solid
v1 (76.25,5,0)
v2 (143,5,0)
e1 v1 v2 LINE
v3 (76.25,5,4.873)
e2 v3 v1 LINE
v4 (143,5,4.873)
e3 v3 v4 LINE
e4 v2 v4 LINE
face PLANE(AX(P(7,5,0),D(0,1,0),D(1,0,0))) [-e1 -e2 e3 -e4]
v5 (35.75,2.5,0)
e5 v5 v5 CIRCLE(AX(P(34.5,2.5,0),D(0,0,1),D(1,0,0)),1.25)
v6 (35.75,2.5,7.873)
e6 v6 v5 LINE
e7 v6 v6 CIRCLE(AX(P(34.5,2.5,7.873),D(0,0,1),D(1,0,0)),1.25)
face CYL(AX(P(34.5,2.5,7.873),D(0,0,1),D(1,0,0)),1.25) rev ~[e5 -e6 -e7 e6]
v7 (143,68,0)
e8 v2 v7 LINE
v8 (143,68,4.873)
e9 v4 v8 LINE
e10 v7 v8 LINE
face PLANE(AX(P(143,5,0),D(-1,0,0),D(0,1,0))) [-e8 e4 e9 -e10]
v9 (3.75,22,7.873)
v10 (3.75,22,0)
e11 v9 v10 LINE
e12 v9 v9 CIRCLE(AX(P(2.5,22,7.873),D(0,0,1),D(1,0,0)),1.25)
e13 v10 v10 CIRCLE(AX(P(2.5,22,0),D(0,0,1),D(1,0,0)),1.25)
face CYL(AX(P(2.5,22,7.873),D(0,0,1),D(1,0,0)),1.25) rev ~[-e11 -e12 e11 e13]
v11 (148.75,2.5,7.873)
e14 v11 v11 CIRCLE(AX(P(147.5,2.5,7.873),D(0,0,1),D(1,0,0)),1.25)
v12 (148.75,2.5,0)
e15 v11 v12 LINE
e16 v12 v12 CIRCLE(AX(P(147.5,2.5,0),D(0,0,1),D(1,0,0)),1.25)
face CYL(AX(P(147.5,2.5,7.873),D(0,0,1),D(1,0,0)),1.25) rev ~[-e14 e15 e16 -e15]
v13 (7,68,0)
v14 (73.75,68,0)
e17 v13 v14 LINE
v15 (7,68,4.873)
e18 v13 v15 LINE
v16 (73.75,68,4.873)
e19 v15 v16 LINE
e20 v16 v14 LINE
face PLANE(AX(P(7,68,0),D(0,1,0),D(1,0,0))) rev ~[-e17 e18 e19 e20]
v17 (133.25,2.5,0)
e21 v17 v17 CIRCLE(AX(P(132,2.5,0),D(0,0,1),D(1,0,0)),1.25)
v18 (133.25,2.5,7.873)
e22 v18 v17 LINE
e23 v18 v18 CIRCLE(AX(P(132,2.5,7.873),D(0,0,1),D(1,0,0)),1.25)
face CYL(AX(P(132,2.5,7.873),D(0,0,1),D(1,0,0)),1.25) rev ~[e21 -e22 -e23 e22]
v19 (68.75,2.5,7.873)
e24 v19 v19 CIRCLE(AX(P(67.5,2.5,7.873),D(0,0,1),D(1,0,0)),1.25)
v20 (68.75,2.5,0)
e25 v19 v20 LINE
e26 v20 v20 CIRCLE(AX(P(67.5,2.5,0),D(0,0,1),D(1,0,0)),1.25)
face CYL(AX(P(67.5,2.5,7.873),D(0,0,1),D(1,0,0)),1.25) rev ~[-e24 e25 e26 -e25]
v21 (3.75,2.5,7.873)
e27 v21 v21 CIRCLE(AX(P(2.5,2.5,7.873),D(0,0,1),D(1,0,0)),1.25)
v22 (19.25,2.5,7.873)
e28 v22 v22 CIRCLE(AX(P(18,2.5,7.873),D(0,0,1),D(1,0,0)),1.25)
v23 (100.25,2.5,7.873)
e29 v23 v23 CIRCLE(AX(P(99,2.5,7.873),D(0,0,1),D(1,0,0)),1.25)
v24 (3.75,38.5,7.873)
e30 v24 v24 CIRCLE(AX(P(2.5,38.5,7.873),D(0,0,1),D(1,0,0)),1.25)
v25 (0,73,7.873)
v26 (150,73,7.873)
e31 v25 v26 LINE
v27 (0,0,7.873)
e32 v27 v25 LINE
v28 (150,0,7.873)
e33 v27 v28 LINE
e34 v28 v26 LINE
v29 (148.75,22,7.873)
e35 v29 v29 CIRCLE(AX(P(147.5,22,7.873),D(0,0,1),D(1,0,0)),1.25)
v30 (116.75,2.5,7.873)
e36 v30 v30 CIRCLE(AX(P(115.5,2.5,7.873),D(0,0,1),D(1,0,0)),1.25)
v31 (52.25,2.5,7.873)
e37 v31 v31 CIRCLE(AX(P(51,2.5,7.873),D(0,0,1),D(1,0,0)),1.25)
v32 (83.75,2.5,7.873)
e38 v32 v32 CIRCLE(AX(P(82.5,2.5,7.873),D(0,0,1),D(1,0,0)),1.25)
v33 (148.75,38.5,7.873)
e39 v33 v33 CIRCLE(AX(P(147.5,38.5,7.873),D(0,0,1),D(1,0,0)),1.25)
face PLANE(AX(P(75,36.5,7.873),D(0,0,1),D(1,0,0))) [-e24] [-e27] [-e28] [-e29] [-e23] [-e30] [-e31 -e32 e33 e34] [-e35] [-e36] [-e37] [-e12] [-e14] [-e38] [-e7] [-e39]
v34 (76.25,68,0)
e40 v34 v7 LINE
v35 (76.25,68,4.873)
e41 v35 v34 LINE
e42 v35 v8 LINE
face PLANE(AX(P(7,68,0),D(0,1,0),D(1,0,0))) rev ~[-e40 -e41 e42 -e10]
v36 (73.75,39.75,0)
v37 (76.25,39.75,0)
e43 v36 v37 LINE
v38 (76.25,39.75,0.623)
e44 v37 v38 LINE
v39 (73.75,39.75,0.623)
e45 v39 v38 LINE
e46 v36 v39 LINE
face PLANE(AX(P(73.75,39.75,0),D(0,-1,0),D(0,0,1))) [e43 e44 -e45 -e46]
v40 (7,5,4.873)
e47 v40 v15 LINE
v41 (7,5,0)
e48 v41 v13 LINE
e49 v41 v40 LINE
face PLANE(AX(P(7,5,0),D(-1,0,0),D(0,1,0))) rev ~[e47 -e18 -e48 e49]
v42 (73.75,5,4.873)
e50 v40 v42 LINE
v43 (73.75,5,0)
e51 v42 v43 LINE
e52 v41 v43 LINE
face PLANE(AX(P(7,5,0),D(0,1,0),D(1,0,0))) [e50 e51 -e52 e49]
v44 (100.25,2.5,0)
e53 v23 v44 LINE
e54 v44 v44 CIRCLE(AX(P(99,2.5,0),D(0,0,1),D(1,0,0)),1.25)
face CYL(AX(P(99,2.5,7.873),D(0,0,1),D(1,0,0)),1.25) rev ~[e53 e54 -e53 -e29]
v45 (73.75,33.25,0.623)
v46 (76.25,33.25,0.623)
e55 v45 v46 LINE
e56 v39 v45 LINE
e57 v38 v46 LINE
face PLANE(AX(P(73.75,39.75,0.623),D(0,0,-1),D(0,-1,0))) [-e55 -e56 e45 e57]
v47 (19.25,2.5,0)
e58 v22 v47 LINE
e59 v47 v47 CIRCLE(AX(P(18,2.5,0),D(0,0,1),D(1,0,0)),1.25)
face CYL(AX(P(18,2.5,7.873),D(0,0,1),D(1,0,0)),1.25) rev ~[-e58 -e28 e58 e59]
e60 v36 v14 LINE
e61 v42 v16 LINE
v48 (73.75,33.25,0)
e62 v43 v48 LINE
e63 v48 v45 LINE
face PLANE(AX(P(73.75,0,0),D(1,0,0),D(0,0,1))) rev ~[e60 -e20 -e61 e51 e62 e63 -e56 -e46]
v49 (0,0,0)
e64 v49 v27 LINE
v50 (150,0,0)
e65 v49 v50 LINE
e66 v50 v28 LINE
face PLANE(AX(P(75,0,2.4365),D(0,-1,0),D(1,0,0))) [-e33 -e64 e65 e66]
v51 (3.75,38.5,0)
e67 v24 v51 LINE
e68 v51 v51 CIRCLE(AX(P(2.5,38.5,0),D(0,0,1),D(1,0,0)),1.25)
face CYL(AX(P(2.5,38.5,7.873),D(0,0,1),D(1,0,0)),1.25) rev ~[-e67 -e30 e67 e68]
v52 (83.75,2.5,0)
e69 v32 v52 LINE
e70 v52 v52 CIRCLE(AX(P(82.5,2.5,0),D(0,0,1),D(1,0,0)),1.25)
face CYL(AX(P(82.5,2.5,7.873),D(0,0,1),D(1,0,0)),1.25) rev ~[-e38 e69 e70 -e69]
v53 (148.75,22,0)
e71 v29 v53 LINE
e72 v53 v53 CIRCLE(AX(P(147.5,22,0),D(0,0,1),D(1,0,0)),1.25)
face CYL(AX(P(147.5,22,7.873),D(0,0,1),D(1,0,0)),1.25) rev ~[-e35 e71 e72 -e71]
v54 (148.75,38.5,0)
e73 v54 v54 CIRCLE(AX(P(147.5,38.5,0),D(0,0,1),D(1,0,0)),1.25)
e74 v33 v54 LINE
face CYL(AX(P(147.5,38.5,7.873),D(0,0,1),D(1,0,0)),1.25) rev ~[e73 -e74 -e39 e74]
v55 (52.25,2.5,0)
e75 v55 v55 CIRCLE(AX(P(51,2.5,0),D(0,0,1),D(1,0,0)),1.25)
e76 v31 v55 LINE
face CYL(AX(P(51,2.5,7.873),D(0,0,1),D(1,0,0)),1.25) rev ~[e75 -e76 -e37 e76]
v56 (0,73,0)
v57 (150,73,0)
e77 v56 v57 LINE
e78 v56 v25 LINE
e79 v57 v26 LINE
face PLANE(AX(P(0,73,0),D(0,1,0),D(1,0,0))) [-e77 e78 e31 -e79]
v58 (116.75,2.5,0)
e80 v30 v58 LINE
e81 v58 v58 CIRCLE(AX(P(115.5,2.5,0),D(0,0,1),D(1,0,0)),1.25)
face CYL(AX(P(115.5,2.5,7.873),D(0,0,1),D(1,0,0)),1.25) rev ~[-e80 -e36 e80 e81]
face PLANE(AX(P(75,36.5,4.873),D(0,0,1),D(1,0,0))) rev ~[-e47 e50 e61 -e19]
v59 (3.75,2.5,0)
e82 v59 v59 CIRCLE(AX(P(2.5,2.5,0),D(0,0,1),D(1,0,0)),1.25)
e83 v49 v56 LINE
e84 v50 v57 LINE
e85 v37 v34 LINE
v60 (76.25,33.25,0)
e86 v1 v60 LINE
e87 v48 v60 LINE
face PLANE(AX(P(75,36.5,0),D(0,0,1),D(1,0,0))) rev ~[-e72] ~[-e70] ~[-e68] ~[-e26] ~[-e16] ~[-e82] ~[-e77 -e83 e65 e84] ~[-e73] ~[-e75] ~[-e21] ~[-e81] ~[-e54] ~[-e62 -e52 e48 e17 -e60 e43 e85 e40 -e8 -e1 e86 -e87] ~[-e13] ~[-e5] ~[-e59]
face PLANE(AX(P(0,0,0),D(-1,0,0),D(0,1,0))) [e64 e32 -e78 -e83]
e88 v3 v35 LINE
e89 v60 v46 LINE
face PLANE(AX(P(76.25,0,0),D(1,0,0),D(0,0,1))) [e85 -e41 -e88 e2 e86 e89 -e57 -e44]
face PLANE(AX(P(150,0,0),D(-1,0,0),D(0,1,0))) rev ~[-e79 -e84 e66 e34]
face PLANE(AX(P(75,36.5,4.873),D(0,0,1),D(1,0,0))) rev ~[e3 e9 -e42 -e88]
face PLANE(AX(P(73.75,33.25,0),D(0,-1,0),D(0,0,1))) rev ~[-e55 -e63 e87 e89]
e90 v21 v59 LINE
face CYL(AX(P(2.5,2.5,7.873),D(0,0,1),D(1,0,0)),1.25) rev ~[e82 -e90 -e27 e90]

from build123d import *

# Parameters (mm, degrees)
F0_W      = 150
F0_H      = 73
F1_DEPTH  = 7.873
F2_W      = 136
F2_H      = 63
F3_DEPTH  = 4.873
F4_W      = 2.5
F4_H      = 4.873
F5_DEPTH  = 73
F6_W      = 6.5
F6_H      = 0.623
F7_DEPTH  = 2.5
F8_R      = 1.25
F9_DEPTH  = 7.873
F10_R     = 1.25
F11_DEPTH = 7.873
F12_R     = 1.25
F13_DEPTH = 7.873
F14_R     = 1.25
F15_DEPTH = 7.873
F16_R     = 1.25
F17_DEPTH = 7.873
F18_R     = 1.25
F19_DEPTH = 7.873
F20_R     = 1.25
F21_DEPTH = 7.873
F22_R     = 1.25
F23_DEPTH = 7.873
F24_R     = 1.25
F25_DEPTH = 7.873
F26_R     = 1.25
F27_DEPTH = 7.873
F28_R     = 1.25
F29_DEPTH = 7.873
F30_R     = 1.25
F31_DEPTH = 7.873
F32_R     = 1.25
F33_DEPTH = 7.873
F34_R     = 1.25
F35_DEPTH = 7.873


with BuildPart() as f1:
    # F0 (on Top) → F1 (new body)
    with BuildSketch(Plane.XY):
        with Locations((75, 36.5)):
            Rectangle(F0_W, F0_H)
    extrude(amount=F1_DEPTH)

    # F2 (on Top) → F3 (cut)
    with BuildSketch(Plane.XY):
        with Locations((75, 36.5)):
            Rectangle(F2_W, F2_H)
    extrude(amount=F3_DEPTH, mode=Mode.SUBTRACT)

    # F4 (on Front) → F5 (join)
    with BuildSketch(Plane.XZ):
        with Locations((75, 2.4365)):
            Rectangle(F4_W, F4_H)
    extrude(amount=-F5_DEPTH)

    # F6 (on face) → F7 (cut)
    with BuildSketch(Plane(origin=(73.75, 0, 0), x_dir=(0, -1, 0), z_dir=(-1, 0, 0))):
        with Locations((-36.5, 0.3115)):
            Rectangle(F6_W, F6_H)
    extrude(amount=-F7_DEPTH, mode=Mode.SUBTRACT)

    # F8 (on face) → F9 (cut)
    with BuildSketch(Plane.XY.offset(7.873)):
        with Locations((2.5, 2.5)):
            Circle(F8_R)
    extrude(amount=-F9_DEPTH, mode=Mode.SUBTRACT)

    # F10 (on face) → F11 (cut)
    with BuildSketch(Plane.XY.offset(7.873)):
        with Locations((18, 2.5)):
            Circle(F10_R)
    extrude(amount=-F11_DEPTH, mode=Mode.SUBTRACT)

    # F12 (on face) → F13 (cut)
    with BuildSketch(Plane.XY.offset(7.873)):
        with Locations((34.5, 2.5)):
            Circle(F12_R)
    extrude(amount=-F13_DEPTH, mode=Mode.SUBTRACT)

    # F14 (on face) → F15 (cut)
    with BuildSketch(Plane.XY.offset(7.873)):
        with Locations((51, 2.5)):
            Circle(F14_R)
    extrude(amount=-F15_DEPTH, mode=Mode.SUBTRACT)

    # F16 (on face) → F17 (cut)
    with BuildSketch(Plane.XY.offset(7.873)):
        with Locations((67.5, 2.5)):
            Circle(F16_R)
    extrude(amount=-F17_DEPTH, mode=Mode.SUBTRACT)

    # F18 (on face) → F19 (cut)
    with BuildSketch(Plane.XY.offset(7.873)):
        with Locations((82.5, 2.5)):
            Circle(F18_R)
    extrude(amount=-F19_DEPTH, mode=Mode.SUBTRACT)

    # F20 (on face) → F21 (cut)
    with BuildSketch(Plane.XY.offset(7.873)):
        with Locations((99, 2.5)):
            Circle(F20_R)
    extrude(amount=-F21_DEPTH, mode=Mode.SUBTRACT)

    # F22 (on face) → F23 (cut)
    with BuildSketch(Plane.XY.offset(7.873)):
        with Locations((115.5, 2.5)):
            Circle(F22_R)
    extrude(amount=-F23_DEPTH, mode=Mode.SUBTRACT)

    # F24 (on face) → F25 (cut)
    with BuildSketch(Plane.XY.offset(7.873)):
        with Locations((132, 2.5)):
            Circle(F24_R)
    extrude(amount=-F25_DEPTH, mode=Mode.SUBTRACT)

    # F26 (on face) → F27 (cut)
    with BuildSketch(Plane.XY.offset(7.873)):
        with Locations((147.5, 2.5)):
            Circle(F26_R)
    extrude(amount=-F27_DEPTH, mode=Mode.SUBTRACT)

    # F28 (on face) → F29 (cut)
    with BuildSketch(Plane.XY.offset(7.873)):
        with Locations((2.5, 22)):
            Circle(F28_R)
    extrude(amount=-F29_DEPTH, mode=Mode.SUBTRACT)

    # F30 (on face) → F31 (cut)
    with BuildSketch(Plane.XY.offset(7.873)):
        with Locations((147.5, 22)):
            Circle(F30_R)
    extrude(amount=-F31_DEPTH, mode=Mode.SUBTRACT)

    # F32 (on face) → F33 (cut)
    with BuildSketch(Plane.XY.offset(7.873)):
        with Locations((147.5, 38.5)):
            Circle(F32_R)
    extrude(amount=-F33_DEPTH, mode=Mode.SUBTRACT)

    # F34 (on face) → F35 (cut)
    with BuildSketch(Plane.XY.offset(7.873)):
        with Locations((2.5, 38.5)):
            Circle(F34_R)
    extrude(amount=-F35_DEPTH, mode=Mode.SUBTRACT)


solid = f1.part
